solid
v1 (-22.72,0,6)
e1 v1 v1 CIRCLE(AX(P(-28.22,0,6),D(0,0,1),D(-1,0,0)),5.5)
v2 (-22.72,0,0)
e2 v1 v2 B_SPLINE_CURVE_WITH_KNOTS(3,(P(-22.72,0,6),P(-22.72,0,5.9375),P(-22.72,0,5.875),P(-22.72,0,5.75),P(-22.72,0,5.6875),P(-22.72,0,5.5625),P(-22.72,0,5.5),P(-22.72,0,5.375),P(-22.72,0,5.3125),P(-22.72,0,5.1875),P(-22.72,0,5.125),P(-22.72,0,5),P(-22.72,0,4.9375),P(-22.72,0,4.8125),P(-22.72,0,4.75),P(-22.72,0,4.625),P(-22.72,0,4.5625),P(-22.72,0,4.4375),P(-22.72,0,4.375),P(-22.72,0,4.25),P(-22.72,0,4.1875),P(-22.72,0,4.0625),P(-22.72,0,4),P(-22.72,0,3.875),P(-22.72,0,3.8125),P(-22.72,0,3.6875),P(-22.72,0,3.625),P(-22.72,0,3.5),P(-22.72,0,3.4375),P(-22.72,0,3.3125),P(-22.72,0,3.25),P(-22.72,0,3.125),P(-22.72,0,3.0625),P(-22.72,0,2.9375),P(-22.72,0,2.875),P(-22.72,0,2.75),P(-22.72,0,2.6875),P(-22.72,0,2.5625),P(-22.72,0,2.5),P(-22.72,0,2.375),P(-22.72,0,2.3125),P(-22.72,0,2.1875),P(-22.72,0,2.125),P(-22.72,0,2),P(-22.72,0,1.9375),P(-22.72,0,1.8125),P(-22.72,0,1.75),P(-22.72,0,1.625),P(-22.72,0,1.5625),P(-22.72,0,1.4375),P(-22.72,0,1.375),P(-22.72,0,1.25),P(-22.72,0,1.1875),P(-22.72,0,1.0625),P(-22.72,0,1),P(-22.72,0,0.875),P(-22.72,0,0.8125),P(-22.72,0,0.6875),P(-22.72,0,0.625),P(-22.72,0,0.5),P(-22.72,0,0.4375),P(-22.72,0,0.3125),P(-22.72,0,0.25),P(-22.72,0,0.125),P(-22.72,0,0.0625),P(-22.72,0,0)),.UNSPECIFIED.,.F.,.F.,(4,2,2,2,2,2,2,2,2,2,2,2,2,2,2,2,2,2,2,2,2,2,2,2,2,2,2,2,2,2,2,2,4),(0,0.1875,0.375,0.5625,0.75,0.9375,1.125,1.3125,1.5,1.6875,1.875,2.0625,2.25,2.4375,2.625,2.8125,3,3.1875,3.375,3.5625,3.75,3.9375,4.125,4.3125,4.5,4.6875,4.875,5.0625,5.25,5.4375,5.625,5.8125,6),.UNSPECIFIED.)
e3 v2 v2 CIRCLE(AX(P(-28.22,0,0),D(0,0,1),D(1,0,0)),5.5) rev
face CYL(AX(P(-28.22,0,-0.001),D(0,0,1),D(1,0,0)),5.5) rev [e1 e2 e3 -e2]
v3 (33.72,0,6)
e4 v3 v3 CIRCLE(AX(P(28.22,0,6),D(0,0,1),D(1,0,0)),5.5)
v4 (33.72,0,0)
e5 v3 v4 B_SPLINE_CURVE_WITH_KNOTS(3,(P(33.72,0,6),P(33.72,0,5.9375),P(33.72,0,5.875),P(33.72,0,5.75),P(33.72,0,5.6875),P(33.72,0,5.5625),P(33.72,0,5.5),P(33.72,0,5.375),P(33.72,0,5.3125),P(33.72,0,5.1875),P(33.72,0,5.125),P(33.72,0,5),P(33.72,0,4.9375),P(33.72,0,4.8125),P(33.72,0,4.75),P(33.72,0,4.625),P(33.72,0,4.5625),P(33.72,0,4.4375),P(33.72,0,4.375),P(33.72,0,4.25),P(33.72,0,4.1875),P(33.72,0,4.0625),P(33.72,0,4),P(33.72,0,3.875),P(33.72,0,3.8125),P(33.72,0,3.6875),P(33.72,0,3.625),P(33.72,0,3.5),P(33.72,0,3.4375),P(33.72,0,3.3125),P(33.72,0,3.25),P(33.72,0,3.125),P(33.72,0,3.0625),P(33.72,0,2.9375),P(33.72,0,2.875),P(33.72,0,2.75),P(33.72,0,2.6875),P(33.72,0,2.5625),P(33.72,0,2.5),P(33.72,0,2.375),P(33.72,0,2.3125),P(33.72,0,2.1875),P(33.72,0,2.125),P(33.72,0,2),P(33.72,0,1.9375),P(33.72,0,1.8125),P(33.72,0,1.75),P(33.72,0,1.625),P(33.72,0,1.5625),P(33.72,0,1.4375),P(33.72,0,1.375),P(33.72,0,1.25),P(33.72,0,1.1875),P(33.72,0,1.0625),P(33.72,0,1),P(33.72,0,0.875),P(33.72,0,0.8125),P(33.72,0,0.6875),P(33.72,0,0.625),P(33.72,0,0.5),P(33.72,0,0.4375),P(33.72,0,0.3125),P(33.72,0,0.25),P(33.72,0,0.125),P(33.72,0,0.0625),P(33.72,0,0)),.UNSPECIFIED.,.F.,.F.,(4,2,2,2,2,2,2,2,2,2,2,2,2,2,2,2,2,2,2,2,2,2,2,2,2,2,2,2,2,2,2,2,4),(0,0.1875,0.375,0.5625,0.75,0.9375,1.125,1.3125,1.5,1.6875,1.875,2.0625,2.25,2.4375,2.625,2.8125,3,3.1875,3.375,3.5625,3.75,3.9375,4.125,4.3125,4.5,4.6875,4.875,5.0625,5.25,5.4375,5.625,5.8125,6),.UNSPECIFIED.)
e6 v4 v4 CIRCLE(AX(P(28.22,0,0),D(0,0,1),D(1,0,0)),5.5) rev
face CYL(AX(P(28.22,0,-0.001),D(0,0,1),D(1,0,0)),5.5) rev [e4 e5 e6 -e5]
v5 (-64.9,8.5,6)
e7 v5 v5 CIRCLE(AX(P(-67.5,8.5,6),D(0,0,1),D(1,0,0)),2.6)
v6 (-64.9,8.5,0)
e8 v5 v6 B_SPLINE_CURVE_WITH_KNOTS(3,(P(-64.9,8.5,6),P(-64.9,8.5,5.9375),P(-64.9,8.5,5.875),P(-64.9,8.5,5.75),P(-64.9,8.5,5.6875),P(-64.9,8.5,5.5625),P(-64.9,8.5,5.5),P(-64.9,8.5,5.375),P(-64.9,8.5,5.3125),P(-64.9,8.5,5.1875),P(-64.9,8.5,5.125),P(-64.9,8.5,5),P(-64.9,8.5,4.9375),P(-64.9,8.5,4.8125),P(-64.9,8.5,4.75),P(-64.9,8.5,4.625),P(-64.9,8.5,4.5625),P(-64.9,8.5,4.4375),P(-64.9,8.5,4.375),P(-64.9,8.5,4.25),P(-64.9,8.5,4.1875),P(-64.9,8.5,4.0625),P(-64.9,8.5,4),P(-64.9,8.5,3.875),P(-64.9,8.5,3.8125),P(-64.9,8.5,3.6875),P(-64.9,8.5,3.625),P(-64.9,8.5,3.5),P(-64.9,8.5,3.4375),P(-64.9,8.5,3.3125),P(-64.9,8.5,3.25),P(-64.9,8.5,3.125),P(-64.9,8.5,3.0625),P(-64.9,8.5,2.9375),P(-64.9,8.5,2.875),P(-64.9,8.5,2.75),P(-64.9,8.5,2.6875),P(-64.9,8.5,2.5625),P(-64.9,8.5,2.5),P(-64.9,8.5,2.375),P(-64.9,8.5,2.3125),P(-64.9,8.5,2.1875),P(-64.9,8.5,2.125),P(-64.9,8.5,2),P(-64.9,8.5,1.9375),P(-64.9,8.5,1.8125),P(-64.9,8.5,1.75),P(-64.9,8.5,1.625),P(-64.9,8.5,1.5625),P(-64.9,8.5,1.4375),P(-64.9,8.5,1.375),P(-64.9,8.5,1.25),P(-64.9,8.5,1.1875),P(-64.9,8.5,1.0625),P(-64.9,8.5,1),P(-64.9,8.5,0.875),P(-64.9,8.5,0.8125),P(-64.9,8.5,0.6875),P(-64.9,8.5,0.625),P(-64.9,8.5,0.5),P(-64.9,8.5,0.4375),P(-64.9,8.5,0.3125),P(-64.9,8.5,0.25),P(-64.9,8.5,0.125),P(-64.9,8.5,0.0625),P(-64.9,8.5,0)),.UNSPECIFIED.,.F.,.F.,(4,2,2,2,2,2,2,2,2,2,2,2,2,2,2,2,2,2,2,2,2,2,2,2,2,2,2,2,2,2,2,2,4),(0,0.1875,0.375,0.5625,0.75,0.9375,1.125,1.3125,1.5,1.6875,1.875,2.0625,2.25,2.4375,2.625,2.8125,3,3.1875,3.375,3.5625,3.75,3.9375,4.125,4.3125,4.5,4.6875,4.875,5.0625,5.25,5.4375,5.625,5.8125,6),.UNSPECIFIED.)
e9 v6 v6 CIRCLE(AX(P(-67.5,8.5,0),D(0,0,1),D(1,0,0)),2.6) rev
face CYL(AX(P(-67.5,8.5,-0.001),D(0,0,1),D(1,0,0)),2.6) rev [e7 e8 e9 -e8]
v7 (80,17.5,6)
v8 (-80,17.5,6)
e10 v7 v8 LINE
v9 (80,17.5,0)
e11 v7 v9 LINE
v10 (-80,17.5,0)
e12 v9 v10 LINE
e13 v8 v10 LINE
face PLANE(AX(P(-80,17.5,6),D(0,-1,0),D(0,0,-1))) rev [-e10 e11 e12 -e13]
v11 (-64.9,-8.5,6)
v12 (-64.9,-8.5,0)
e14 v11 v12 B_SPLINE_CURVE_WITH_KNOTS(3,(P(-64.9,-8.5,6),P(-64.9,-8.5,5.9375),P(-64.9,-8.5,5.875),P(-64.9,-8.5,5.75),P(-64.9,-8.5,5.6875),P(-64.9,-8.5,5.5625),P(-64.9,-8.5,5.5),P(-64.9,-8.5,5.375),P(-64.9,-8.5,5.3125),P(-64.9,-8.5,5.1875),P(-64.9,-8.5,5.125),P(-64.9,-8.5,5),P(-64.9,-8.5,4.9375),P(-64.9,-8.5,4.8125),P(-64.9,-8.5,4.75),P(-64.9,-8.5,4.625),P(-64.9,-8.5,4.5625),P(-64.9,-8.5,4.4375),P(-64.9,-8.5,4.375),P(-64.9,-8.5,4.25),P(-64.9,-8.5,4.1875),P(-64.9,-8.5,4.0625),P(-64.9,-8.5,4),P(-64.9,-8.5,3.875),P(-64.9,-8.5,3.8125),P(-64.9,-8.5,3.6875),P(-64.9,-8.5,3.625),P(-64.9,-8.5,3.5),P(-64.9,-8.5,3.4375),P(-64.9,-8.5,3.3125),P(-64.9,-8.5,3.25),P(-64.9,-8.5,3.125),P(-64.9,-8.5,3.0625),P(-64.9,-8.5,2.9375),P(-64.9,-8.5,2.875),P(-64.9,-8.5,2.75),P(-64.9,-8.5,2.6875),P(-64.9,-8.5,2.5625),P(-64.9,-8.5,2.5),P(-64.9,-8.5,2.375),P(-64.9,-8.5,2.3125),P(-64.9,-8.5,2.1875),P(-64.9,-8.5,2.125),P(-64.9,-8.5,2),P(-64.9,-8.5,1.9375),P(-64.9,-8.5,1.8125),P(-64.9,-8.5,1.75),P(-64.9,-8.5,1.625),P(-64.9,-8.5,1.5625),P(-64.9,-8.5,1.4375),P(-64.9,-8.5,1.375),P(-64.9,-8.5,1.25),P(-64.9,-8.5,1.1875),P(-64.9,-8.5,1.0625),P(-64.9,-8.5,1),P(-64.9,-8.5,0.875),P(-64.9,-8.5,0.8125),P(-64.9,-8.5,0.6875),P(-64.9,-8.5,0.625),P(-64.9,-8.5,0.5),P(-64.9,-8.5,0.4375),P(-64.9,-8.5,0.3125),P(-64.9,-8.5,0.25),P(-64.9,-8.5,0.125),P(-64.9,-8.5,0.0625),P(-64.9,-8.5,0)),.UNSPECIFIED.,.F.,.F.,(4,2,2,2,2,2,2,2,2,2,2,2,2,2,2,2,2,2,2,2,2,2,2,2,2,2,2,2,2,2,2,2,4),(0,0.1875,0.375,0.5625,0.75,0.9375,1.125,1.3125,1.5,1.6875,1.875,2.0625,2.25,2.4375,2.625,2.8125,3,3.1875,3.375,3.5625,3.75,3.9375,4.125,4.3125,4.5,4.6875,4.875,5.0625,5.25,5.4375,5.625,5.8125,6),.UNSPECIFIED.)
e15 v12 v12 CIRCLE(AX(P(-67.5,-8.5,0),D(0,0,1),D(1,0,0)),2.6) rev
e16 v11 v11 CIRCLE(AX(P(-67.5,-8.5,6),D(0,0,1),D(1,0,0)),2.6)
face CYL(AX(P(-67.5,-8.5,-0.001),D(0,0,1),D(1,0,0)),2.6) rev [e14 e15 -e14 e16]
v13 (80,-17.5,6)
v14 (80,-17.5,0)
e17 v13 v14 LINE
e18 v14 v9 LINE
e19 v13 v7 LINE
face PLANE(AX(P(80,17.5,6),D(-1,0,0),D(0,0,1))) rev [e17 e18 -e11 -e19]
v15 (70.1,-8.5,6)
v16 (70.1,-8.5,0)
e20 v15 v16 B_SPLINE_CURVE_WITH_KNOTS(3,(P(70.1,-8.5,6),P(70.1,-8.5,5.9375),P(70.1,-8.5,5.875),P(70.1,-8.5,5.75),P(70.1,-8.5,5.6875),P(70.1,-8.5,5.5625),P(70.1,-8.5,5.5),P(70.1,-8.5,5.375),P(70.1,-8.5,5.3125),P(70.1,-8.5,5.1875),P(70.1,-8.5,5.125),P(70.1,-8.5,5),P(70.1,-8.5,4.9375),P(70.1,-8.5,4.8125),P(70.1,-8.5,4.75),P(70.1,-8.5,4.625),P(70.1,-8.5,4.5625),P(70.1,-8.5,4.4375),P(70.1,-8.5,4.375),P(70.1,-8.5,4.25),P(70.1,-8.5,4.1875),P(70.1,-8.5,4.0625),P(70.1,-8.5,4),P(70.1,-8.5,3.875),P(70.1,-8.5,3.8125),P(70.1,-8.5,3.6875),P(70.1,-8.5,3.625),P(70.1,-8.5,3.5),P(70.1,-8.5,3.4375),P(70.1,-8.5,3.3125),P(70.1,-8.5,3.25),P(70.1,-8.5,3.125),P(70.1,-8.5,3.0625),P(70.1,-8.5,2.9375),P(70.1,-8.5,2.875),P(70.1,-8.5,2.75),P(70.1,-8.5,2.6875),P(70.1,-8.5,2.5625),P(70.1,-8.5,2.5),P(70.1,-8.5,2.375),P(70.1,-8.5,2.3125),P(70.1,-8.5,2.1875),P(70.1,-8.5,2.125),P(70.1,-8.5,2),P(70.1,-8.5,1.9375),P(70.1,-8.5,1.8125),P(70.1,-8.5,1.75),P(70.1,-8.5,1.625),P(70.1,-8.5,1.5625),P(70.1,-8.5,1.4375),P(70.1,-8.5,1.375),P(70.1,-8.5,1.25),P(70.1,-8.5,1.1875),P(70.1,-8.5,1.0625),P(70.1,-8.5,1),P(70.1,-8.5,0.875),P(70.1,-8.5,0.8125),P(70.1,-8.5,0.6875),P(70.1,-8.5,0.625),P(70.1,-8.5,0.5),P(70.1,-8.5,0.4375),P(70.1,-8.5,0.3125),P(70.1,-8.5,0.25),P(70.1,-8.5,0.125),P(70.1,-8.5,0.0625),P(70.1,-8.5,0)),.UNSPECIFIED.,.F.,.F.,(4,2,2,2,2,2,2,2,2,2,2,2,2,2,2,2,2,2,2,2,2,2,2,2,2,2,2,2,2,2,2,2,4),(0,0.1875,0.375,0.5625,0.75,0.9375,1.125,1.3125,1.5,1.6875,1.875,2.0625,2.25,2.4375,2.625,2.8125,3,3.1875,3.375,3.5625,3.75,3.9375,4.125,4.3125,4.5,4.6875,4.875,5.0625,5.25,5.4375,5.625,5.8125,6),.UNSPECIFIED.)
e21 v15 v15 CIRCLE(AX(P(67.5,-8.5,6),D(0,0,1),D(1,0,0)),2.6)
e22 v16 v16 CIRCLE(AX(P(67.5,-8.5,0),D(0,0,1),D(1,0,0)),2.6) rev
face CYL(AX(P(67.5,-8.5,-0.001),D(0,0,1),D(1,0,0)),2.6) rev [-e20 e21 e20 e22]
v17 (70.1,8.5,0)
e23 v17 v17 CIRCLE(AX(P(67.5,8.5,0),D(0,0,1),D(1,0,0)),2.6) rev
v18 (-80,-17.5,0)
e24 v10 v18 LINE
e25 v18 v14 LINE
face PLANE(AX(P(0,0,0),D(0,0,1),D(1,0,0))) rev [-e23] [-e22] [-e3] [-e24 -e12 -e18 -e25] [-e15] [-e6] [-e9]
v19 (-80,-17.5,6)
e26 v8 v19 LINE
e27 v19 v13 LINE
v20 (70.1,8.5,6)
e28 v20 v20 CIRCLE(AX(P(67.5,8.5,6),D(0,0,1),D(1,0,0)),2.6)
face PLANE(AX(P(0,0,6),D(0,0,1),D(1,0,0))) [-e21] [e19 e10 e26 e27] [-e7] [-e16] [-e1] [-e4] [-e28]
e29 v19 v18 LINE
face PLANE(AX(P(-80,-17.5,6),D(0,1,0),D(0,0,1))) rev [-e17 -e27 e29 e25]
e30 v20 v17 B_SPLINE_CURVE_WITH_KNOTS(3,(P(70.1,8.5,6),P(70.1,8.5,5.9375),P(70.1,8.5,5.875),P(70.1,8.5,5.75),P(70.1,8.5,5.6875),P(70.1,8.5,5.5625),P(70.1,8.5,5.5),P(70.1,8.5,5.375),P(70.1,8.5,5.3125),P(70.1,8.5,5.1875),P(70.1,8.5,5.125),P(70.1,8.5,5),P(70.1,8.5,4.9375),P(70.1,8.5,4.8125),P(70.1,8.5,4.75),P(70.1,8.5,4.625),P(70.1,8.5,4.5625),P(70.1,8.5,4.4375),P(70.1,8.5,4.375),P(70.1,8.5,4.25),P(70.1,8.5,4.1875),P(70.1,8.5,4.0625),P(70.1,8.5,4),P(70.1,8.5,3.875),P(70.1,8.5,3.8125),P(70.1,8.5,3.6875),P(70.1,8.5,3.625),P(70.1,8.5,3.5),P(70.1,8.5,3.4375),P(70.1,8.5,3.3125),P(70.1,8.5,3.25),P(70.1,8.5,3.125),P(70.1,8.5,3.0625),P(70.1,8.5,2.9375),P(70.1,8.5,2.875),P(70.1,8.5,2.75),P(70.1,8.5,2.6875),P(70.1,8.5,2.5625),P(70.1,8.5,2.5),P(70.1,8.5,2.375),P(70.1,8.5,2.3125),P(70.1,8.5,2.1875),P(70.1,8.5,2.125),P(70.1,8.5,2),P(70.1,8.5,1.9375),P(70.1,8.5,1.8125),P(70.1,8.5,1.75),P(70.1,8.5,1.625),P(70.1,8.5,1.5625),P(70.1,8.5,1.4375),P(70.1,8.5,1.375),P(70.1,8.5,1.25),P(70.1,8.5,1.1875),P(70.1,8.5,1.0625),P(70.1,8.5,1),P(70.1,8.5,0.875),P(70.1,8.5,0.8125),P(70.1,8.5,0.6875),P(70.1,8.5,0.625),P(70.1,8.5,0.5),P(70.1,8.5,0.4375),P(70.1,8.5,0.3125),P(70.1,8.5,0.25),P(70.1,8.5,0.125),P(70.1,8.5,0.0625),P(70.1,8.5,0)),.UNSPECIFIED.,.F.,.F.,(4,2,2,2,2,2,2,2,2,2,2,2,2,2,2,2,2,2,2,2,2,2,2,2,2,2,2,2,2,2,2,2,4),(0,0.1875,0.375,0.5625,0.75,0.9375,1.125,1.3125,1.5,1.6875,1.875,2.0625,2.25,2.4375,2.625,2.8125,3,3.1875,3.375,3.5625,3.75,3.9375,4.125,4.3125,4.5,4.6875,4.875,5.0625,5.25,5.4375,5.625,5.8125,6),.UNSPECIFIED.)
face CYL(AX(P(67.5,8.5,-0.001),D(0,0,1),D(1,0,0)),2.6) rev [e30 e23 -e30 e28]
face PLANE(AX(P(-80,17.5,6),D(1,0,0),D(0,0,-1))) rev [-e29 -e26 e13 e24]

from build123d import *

# Parameters (mm, degrees)
SKETCH1_W           = 160
SKETCH1_H           = 35
BOSS_EXTRUDE1_DEPTH = 6
CUT_EXTRUDE1_REACH  = 84.111
SKETCH2_R           = 2.6
CUT_EXTRUDE2_REACH  = 84.111
SKETCH3_R           = 5.5


with BuildPart() as part:
    # Sketch1 → Boss-Extrude1 (new body)
    with BuildSketch(Plane.XY):
        Rectangle(SKETCH1_W, SKETCH1_H)
    extrude(amount=BOSS_EXTRUDE1_DEPTH)

    # Sketch2 → Cut-Extrude1 (cut, up to next)
    with BuildSketch(Plane.XY.offset(6), mode=Mode.PRIVATE) as cut_extrude1_sk1:
        with Locations((67.5, 8.5)):
            Circle(SKETCH2_R)
    cut_extrude1_tool1 = extrude(cut_extrude1_sk1.sketch, amount=-CUT_EXTRUDE1_REACH, mode=Mode.PRIVATE) & part.part
    # Sketch2 → Cut-Extrude1 (cut, up to next)
    with BuildSketch(Plane.XY.offset(6), mode=Mode.PRIVATE) as cut_extrude1_sk2:
        with Locations((67.5, -8.5)):
            Circle(SKETCH2_R)
    cut_extrude1_tool2 = extrude(cut_extrude1_sk2.sketch, amount=-CUT_EXTRUDE1_REACH, mode=Mode.PRIVATE) & part.part
    # Sketch2 → Cut-Extrude1 (cut, up to next)
    with BuildSketch(Plane.XY.offset(6), mode=Mode.PRIVATE) as cut_extrude1_sk3:
        with Locations((-67.5, 8.5)):
            Circle(SKETCH2_R)
    cut_extrude1_tool3 = extrude(cut_extrude1_sk3.sketch, amount=-CUT_EXTRUDE1_REACH, mode=Mode.PRIVATE) & part.part
    # Sketch2 → Cut-Extrude1 (cut, up to next)
    with BuildSketch(Plane.XY.offset(6), mode=Mode.PRIVATE) as cut_extrude1_sk4:
        with Locations((-67.5, -8.5)):
            Circle(SKETCH2_R)
    cut_extrude1_tool4 = extrude(cut_extrude1_sk4.sketch, amount=-CUT_EXTRUDE1_REACH, mode=Mode.PRIVATE) & part.part
    add(cut_extrude1_tool1.solids().sort_by_distance((67.5, 8.5, 6))[0], mode=Mode.SUBTRACT)
    add(cut_extrude1_tool2.solids().sort_by_distance((67.5, -8.5, 6))[0], mode=Mode.SUBTRACT)
    add(cut_extrude1_tool3.solids().sort_by_distance((-67.5, 8.5, 6))[0], mode=Mode.SUBTRACT)
    add(cut_extrude1_tool4.solids().sort_by_distance((-67.5, -8.5, 6))[0], mode=Mode.SUBTRACT)

    # Sketch3 → Cut-Extrude2 (cut, up to next)
    with BuildSketch(Plane.XY.offset(6), mode=Mode.PRIVATE) as cut_extrude2_sk1:
        with Locations((28.22, 0)):
            Circle(SKETCH3_R)
    cut_extrude2_tool1 = extrude(cut_extrude2_sk1.sketch, amount=-CUT_EXTRUDE2_REACH, mode=Mode.PRIVATE) & part.part
    # Sketch3 → Cut-Extrude2 (cut, up to next)
    with BuildSketch(Plane.XY.offset(6), mode=Mode.PRIVATE) as cut_extrude2_sk2:
        with Locations((-28.22, 0)):
            Circle(SKETCH3_R)
    cut_extrude2_tool2 = extrude(cut_extrude2_sk2.sketch, amount=-CUT_EXTRUDE2_REACH, mode=Mode.PRIVATE) & part.part
    add(cut_extrude2_tool1.solids().sort_by_distance((28.22, 0, 6))[0], mode=Mode.SUBTRACT)
    add(cut_extrude2_tool2.solids().sort_by_distance((-28.22, 0, 6))[0], mode=Mode.SUBTRACT)


solid = part.part
